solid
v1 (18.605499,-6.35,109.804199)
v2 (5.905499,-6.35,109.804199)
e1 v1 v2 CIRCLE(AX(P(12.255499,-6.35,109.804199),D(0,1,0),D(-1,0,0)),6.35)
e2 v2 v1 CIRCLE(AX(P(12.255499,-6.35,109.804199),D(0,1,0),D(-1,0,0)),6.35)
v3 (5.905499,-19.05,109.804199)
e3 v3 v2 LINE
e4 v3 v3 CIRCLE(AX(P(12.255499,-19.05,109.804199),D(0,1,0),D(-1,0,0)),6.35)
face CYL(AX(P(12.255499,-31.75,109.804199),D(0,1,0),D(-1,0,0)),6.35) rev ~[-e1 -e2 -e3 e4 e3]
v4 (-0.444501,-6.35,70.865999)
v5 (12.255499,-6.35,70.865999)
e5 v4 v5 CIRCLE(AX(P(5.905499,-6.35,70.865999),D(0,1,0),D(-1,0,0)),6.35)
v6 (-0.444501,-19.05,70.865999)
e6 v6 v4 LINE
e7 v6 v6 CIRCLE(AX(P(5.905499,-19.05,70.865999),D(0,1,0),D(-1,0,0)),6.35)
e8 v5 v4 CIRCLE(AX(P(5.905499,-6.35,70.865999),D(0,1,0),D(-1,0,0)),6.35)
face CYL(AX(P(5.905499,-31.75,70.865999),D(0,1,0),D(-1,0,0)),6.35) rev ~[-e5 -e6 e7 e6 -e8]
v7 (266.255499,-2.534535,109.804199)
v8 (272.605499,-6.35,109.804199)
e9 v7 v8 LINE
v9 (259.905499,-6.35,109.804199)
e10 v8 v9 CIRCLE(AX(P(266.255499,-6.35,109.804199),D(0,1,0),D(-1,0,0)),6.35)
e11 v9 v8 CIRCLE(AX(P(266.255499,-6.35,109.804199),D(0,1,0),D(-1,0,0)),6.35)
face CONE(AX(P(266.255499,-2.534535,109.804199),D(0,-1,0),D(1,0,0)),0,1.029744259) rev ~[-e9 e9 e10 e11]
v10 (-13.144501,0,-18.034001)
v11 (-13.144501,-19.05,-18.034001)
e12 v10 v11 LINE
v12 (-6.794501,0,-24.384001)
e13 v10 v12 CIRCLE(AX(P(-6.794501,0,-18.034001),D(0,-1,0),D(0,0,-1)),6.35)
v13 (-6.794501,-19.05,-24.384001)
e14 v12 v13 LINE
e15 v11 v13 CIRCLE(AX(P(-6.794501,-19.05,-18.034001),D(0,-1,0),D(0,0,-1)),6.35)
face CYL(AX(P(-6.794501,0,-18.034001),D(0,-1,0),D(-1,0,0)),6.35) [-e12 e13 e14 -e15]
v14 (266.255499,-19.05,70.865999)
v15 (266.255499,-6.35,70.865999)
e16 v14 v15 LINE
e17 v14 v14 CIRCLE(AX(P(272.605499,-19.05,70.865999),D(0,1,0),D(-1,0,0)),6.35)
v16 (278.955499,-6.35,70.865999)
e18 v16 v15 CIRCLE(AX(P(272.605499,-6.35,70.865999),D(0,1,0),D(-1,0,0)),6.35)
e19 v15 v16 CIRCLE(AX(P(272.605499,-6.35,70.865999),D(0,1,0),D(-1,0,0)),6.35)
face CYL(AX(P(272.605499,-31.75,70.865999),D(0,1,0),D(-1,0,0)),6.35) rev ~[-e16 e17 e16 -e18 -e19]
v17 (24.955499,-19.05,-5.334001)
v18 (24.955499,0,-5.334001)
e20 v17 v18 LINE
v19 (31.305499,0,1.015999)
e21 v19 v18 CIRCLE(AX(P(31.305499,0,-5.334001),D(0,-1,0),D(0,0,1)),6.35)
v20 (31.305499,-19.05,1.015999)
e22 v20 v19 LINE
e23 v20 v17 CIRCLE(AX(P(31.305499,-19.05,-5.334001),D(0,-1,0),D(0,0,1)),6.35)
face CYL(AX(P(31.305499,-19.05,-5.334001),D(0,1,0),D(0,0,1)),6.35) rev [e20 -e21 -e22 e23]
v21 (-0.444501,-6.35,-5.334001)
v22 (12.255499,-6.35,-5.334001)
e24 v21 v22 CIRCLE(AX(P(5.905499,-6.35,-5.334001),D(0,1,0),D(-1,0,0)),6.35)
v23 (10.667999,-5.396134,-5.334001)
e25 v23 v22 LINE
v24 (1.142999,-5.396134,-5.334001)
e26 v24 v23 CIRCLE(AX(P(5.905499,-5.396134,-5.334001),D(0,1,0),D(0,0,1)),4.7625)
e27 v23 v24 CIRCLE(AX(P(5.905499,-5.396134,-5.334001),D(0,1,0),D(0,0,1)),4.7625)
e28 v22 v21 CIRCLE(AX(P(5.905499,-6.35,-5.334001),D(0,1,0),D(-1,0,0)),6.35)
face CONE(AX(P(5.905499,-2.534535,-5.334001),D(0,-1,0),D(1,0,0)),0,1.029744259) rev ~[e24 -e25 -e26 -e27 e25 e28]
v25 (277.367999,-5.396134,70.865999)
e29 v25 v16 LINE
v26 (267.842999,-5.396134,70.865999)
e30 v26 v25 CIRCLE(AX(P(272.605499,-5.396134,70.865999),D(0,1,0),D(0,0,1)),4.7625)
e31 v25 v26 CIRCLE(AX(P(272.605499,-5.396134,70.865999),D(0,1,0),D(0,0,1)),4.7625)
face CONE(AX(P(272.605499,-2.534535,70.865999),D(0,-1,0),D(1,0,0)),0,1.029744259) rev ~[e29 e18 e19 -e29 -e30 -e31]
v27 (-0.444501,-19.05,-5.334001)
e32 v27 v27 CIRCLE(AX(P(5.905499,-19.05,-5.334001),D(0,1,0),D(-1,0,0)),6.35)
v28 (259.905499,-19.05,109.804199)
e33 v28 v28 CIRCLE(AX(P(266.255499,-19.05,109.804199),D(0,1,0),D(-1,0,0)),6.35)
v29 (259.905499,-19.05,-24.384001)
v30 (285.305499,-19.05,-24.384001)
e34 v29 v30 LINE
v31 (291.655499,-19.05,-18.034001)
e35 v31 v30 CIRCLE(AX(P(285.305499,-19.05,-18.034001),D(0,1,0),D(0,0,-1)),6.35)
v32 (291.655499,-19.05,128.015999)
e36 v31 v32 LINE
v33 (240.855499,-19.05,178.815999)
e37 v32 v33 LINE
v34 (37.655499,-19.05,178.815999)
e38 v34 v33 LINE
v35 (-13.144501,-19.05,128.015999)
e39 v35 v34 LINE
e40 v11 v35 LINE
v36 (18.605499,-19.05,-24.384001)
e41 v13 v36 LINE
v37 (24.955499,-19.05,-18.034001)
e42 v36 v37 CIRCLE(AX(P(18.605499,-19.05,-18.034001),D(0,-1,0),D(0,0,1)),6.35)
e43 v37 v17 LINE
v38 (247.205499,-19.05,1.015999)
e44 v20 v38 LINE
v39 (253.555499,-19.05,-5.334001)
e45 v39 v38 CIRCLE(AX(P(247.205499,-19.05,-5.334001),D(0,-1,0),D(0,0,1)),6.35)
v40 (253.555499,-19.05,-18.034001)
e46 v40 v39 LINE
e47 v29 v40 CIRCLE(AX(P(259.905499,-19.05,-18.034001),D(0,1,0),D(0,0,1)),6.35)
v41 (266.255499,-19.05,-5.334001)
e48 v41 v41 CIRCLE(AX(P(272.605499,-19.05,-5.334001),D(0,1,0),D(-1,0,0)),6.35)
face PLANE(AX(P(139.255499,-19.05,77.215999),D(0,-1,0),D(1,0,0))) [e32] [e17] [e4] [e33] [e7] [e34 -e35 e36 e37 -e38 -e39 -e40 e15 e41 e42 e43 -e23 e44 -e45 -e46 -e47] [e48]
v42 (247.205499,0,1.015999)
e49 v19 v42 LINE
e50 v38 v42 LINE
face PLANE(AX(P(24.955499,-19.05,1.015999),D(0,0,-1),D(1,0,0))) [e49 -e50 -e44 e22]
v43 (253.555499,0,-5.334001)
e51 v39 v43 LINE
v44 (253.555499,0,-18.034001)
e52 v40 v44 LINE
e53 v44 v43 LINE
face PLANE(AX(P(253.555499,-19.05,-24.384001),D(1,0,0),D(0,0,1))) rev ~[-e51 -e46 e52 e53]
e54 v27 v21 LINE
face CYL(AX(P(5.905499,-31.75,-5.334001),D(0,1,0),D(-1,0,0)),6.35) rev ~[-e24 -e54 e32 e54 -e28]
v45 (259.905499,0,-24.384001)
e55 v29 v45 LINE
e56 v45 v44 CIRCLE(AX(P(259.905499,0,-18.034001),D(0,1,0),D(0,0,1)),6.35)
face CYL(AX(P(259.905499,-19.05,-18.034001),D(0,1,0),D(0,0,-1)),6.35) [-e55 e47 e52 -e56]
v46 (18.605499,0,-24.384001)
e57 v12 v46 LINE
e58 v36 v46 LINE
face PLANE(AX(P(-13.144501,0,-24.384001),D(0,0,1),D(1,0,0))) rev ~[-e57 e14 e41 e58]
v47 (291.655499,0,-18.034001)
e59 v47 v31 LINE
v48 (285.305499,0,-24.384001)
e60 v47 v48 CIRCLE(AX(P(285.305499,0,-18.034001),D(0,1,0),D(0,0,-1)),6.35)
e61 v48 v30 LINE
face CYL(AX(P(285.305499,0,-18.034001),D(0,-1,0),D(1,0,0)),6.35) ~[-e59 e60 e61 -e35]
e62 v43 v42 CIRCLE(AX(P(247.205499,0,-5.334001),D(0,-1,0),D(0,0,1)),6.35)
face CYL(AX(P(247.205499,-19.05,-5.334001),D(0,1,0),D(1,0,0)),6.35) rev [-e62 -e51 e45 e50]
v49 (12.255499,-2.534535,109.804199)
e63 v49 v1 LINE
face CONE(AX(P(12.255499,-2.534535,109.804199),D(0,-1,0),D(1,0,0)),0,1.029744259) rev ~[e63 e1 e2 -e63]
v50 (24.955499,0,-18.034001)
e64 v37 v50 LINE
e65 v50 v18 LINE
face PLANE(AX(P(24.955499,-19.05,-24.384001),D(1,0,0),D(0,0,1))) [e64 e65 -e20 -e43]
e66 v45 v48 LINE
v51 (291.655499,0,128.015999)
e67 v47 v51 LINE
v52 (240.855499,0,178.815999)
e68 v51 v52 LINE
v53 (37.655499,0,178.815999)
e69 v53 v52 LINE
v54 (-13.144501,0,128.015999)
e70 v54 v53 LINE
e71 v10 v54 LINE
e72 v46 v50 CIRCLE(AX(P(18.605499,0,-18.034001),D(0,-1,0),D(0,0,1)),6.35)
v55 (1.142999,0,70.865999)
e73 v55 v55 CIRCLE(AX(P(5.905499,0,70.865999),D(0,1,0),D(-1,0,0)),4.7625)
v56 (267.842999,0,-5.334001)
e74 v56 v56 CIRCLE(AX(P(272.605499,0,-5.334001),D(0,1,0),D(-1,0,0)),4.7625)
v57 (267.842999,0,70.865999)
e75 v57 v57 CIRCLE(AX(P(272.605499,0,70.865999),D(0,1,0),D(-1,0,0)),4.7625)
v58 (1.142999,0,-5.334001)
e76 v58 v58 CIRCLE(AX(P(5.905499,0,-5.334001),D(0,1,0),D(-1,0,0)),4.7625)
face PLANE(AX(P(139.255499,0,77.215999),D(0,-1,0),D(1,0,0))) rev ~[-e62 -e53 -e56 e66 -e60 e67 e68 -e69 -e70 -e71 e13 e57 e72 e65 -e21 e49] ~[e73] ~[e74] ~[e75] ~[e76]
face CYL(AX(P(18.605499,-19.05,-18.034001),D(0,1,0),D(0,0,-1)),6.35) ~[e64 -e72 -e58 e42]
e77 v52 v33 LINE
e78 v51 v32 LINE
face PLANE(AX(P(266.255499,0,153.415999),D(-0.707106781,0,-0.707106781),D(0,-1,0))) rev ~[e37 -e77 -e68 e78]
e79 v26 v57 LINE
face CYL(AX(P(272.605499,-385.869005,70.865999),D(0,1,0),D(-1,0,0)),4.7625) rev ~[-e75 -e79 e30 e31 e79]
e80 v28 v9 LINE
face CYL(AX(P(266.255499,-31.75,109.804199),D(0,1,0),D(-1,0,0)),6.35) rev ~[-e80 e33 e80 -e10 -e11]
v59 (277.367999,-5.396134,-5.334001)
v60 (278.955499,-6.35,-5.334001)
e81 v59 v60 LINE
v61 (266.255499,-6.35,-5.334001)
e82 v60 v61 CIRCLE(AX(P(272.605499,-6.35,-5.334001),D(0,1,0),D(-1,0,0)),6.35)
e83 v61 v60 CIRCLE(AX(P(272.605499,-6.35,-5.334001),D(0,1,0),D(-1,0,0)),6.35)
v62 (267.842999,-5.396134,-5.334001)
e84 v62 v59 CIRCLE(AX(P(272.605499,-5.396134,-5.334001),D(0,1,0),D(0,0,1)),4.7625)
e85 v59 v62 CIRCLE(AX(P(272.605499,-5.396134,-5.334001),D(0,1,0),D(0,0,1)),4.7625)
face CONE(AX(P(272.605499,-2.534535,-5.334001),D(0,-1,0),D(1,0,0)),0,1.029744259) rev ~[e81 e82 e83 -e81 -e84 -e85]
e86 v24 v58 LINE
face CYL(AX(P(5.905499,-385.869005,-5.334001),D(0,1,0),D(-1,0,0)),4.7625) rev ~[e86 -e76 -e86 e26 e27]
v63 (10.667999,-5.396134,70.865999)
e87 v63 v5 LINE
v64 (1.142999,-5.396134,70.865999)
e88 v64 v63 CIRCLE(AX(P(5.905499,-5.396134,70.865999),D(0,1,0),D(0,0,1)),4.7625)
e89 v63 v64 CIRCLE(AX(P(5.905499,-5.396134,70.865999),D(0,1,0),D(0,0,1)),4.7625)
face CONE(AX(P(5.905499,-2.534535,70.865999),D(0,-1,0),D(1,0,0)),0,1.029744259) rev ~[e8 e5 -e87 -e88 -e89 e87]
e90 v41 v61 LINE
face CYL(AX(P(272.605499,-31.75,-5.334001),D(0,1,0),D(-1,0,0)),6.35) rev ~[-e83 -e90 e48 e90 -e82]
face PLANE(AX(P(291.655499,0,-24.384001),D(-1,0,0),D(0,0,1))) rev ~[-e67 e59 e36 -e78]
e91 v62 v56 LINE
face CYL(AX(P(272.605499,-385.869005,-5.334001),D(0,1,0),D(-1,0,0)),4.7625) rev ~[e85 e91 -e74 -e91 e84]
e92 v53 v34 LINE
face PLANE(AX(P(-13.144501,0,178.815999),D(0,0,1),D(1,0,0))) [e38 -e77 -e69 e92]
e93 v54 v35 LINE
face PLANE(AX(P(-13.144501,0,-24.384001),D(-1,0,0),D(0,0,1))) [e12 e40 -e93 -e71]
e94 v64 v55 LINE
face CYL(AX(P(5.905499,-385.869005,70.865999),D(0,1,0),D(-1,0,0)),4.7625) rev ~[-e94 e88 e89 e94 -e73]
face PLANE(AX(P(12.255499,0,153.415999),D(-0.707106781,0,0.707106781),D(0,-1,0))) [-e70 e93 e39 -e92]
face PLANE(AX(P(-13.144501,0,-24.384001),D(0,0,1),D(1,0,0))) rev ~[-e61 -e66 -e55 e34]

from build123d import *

# Parameters (mm, degrees)
F0_W     = 304.8
F0_H     = 203.2
F1_DEPTH = 19.05
F2_SIZE  = 50.8
F3_W     = 228.6
F3_H     = 25.4
F4_DEPTH = 19.05
F5_R     = 6.35
F7_D     = 12.7
F7_DEPTH = 12.7
F7_TIP   = 3.8154649308
F8_D     = 12.7
F8_DEPTH = 12.7
F8_TIP   = 3.8154649308
F9_D     = 9.525


with BuildPart() as f1:
    # F0 (on Front) → F1 (new body)
    with BuildSketch(Plane.XZ):
        with Locations((139.2554994464, 77.2159987301)):
            Rectangle(F0_W, F0_H)
    extrude(amount=F1_DEPTH)

    # F2
    f2_edges = [f1.edges().sort_by_distance(p)[0] for p in [
        (-13.144501, -9.525, 178.815999),
        (291.655499, -9.525, 178.815999),
    ]]
    chamfer(f2_edges, length=F2_SIZE)

    # F3 (on face) → F4 (cut)
    with BuildSketch(Plane.XZ.offset(19.05)):
        with Locations((139.2554994464, -11.6840012699)):
            Rectangle(F3_W, F3_H)
    extrude(amount=-F4_DEPTH, mode=Mode.SUBTRACT)

    # F5
    f5_edges = [f1.edges().sort_by_distance(p)[0] for p in [
        (24.955499, -9.525, 1.015999),
        (253.555499, -9.525, 1.015999),
        (253.555499, -9.525, -24.384001),
        (291.655499, -9.525, -24.384001),
        (24.955499, -9.525, -24.384001),
        (-13.144501, -9.525, -24.384001),
    ]]
    fillet(f5_edges, radius=F5_R)

    # F7
    with Locations(Plane.XZ.offset(19.05)):
        with Locations((12.2554994464, 109.8041987301), (266.2554994464, 109.8041987301)):
            Hole(F7_D / 2, depth=F7_DEPTH)
            with Locations((0, 0, -(F7_DEPTH + F7_TIP / 2))):  # 118° drill point
                Cone(0, F7_D / 2, F7_TIP, mode=Mode.SUBTRACT)

    # F8
    with Locations(Plane.XZ.offset(19.05)):
        with Locations((272.6054994464, 70.8659987301), (5.9054994464, 70.8659987301), (5.9054994464, -5.3340012699), (272.6054994464, -5.3340012699)):
            Hole(F8_D / 2, depth=F8_DEPTH)
            with Locations((0, 0, -(F8_DEPTH + F8_TIP / 2))):  # 118° drill point
                Cone(0, F8_D / 2, F8_TIP, mode=Mode.SUBTRACT)

    # F9 (through all)
    with Locations(Plane.XZ.offset(19.05)):
        with Locations((5.9054994464, 70.8659987301), (272.6054994464, 70.8659987301), (5.9054994464, -5.3340012699), (272.6054994464, -5.3340012699)):
            Hole(F9_D / 2)


solid = f1.part
